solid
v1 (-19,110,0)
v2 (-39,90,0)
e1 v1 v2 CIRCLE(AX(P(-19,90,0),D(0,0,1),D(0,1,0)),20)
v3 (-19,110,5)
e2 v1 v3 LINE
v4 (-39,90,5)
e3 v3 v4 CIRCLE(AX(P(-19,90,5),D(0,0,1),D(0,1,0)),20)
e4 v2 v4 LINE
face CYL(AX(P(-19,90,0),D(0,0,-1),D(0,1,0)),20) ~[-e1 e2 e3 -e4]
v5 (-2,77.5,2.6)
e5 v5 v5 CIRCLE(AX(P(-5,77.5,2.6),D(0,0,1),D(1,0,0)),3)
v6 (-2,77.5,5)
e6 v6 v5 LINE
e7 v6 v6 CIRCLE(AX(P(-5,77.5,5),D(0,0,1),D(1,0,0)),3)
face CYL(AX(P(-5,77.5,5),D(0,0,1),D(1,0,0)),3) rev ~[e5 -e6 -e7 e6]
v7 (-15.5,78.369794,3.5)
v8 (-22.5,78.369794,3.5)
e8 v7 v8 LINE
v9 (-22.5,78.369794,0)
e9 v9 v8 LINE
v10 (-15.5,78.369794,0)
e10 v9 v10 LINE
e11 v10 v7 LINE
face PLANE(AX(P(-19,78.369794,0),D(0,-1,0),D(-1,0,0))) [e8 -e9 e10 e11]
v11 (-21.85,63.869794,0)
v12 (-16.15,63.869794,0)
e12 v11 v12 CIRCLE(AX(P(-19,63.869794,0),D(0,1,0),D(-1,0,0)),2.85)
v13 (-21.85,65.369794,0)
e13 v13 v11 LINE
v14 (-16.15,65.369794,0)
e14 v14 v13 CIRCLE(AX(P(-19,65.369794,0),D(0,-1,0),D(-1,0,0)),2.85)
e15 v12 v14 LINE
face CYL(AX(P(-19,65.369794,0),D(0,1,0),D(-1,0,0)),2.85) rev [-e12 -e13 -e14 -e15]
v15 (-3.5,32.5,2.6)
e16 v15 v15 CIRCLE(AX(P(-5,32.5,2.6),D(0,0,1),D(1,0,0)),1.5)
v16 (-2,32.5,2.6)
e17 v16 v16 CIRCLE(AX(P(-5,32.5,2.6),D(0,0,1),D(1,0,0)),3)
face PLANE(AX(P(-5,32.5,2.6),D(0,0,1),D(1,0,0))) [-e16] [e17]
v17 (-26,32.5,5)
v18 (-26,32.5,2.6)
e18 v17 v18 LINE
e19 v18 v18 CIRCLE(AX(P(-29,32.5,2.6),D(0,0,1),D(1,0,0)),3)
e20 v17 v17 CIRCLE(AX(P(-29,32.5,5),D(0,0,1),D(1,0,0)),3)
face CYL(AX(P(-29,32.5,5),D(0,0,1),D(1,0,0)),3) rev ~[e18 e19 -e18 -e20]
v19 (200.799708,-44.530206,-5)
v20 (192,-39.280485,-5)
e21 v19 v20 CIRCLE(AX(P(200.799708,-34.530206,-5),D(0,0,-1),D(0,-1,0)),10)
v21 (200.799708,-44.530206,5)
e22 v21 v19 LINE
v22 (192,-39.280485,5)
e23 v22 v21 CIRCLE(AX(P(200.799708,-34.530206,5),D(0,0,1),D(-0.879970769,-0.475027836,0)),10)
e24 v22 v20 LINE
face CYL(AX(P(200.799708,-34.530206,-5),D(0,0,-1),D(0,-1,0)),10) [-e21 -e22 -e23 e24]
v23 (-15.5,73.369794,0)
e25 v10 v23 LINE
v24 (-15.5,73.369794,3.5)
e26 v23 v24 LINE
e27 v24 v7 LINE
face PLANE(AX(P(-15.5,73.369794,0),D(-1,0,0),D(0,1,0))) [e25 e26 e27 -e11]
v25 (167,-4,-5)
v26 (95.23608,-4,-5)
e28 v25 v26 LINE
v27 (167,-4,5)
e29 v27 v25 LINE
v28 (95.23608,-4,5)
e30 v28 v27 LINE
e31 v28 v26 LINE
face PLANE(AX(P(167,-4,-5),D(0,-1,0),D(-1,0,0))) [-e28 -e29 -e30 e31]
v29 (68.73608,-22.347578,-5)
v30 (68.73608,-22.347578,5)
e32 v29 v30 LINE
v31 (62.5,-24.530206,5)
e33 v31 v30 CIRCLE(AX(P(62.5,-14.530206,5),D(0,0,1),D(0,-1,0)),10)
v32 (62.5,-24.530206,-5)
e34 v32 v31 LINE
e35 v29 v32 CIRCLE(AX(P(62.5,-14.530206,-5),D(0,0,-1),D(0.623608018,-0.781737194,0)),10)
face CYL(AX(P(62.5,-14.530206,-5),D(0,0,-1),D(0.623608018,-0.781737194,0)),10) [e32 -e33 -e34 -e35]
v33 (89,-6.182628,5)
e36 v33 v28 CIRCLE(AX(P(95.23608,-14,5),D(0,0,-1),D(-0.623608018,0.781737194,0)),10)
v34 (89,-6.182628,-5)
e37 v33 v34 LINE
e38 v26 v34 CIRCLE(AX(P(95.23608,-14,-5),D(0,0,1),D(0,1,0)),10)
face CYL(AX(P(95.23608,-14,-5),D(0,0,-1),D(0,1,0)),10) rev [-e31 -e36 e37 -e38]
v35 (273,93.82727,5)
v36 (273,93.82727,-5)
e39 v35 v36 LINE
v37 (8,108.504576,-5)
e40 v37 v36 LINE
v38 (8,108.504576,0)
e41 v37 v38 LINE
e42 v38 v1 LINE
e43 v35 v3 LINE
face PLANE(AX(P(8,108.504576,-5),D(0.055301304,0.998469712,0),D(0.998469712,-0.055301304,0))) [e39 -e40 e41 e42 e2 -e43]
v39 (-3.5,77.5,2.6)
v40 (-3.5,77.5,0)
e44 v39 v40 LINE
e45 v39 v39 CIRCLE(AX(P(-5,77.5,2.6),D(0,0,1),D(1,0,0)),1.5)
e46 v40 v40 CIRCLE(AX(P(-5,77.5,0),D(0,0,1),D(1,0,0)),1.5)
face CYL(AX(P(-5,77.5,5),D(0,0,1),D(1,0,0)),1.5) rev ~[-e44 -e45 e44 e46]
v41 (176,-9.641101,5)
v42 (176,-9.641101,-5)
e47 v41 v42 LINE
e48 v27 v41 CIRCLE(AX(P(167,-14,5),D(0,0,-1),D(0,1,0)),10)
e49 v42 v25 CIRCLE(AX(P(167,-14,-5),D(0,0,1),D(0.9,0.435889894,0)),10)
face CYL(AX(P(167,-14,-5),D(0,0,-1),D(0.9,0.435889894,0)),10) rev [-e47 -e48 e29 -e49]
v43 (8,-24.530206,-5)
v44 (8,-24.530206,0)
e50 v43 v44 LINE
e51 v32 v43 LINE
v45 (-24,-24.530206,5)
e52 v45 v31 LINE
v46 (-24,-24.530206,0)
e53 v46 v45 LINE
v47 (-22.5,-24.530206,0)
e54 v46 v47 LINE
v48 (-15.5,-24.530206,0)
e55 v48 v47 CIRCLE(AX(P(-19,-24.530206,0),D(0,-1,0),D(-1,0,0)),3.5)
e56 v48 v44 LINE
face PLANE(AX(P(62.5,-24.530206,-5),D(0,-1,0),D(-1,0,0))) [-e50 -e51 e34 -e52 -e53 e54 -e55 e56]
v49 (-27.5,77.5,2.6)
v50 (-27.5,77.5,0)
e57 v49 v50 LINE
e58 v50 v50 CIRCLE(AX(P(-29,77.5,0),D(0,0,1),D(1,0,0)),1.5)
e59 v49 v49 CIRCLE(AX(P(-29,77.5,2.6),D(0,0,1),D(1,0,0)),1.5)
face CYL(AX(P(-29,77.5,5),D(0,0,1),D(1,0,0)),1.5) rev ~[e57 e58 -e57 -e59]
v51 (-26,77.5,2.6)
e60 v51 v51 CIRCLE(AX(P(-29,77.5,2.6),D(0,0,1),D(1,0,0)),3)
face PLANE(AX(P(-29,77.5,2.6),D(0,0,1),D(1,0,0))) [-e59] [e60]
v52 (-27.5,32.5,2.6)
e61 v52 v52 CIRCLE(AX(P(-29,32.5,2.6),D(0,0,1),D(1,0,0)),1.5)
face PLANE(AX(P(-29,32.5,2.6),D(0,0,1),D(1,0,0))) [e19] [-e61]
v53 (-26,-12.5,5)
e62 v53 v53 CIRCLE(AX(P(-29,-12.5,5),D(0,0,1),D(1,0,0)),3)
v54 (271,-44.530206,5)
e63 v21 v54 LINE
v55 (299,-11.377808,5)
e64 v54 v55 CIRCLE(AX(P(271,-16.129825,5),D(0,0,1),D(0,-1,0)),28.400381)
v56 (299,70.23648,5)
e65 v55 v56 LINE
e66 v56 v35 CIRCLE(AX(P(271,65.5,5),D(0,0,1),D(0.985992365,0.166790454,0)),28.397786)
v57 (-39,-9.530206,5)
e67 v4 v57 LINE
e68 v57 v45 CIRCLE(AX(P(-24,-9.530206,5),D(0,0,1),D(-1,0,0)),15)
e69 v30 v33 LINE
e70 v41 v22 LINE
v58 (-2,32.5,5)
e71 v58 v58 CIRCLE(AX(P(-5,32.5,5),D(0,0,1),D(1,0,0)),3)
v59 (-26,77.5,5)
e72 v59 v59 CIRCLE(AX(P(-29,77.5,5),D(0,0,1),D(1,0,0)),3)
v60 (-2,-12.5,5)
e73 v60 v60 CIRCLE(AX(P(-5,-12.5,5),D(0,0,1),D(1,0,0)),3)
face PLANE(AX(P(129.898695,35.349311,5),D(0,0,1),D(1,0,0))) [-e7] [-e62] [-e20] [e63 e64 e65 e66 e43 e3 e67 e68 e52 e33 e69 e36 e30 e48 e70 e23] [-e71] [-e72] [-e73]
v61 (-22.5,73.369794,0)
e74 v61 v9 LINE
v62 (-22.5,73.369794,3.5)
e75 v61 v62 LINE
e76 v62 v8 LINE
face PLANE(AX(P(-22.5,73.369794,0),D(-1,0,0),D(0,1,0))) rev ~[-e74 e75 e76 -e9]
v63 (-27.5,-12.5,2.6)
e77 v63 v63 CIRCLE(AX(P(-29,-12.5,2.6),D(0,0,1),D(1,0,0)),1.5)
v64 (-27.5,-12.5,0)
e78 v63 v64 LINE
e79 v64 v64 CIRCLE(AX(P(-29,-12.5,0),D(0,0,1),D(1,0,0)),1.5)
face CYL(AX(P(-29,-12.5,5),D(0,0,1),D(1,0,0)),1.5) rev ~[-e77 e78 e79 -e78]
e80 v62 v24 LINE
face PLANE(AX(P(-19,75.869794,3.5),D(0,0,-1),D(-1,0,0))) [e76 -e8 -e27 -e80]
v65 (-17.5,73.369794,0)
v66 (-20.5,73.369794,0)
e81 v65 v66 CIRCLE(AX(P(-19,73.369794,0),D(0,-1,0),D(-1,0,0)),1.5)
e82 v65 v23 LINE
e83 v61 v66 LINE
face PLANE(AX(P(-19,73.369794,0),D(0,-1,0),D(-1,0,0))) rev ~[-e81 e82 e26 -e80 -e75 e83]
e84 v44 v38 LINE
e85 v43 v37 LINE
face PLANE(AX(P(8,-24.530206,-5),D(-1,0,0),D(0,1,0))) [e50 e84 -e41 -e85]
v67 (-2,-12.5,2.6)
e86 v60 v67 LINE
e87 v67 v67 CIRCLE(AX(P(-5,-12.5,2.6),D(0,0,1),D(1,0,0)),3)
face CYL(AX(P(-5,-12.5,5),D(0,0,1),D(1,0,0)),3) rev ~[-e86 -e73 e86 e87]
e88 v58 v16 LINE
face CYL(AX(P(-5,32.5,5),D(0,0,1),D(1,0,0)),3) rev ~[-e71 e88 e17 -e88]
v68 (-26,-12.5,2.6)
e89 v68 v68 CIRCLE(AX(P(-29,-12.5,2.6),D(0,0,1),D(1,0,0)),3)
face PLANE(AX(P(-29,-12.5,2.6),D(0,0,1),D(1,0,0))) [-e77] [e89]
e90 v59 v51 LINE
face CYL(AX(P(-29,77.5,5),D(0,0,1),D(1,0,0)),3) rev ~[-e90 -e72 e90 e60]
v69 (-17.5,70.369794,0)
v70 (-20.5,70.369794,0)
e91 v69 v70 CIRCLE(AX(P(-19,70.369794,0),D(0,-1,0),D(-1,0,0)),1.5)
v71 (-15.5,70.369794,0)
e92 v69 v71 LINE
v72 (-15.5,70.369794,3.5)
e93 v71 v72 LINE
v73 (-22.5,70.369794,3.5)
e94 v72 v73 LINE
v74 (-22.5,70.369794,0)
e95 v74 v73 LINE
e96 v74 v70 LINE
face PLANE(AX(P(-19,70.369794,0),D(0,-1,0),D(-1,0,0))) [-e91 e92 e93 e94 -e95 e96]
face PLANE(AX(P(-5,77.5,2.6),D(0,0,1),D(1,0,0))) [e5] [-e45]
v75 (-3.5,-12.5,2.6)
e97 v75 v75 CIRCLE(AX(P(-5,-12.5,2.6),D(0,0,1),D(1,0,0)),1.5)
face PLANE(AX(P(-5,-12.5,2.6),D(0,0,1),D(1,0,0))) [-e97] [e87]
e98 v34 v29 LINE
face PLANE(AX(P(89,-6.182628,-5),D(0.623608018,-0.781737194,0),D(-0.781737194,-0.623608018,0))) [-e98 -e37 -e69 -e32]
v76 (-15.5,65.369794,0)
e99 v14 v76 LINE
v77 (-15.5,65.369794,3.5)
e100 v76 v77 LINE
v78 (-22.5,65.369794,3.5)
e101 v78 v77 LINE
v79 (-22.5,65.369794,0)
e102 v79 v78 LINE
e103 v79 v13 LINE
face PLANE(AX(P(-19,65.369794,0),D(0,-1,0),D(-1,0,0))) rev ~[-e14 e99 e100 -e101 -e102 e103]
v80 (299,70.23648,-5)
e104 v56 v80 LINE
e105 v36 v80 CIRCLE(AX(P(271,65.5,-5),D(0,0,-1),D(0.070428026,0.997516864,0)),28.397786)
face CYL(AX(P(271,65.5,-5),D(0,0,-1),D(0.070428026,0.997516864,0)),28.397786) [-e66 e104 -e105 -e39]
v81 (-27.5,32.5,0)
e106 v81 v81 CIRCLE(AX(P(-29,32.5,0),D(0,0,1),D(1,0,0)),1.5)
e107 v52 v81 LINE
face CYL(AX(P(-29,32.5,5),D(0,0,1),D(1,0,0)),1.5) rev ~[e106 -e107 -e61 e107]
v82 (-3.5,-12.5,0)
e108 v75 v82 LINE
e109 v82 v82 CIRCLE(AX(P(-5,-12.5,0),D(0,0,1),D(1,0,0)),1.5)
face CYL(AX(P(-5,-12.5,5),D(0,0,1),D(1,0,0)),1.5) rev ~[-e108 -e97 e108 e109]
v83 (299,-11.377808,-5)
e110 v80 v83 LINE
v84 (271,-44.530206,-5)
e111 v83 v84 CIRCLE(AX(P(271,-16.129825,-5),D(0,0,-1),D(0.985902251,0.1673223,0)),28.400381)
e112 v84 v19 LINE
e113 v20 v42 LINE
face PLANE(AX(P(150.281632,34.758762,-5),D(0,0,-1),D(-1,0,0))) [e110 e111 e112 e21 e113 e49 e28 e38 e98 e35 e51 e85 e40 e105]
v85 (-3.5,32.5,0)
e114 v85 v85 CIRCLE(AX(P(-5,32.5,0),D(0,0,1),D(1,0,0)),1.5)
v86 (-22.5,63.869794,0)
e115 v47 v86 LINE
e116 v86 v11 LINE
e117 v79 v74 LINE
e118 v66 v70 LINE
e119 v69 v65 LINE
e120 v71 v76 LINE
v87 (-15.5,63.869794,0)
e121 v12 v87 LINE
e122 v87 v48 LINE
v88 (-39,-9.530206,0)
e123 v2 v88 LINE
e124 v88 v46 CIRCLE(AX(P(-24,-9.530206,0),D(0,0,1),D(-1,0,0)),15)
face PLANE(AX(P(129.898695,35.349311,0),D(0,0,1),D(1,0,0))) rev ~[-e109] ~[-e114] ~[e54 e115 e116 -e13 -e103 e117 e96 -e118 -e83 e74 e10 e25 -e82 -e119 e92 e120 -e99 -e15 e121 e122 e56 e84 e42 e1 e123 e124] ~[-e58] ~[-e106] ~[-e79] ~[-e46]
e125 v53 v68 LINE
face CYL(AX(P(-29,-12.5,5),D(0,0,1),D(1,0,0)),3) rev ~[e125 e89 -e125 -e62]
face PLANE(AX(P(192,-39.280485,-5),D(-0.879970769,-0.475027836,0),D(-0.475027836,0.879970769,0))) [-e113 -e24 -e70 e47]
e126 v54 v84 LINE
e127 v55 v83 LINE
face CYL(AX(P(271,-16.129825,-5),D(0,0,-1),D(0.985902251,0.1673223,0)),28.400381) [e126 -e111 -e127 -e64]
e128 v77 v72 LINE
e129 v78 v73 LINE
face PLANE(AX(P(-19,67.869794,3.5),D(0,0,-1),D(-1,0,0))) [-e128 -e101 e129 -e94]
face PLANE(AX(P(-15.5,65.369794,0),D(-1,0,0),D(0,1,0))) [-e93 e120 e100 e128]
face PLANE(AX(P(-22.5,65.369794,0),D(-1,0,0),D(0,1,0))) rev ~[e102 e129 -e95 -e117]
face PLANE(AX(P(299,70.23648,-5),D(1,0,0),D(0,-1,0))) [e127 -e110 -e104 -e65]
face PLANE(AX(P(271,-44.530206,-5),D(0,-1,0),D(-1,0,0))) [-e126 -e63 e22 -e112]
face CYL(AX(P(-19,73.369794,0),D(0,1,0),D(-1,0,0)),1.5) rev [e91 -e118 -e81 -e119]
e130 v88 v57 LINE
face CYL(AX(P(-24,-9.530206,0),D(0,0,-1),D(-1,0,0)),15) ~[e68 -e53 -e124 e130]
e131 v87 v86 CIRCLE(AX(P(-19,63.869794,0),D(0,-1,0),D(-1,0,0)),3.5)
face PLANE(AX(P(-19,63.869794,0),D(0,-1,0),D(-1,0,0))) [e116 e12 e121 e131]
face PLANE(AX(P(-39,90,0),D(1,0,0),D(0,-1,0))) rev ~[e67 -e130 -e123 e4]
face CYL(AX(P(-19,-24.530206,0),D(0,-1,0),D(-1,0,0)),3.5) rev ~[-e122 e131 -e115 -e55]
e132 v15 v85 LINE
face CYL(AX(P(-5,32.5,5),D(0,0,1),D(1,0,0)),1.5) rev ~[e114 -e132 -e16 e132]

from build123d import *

# Parameters (mm, degrees)
DODANIE_WYCI_GNI_CIE1_DEPTH = 5
SZKIC1_R                    = 3.5
WYTNIJ_WYCI_GNI_CIE1_DEPTH  = 88.4
SZKIC3_R                    = 1.5
WYTNIJ_WYCI_GNI_CIE3_DEPTH  = 5
SZKIC5_R                    = 3
WYTNIJ_WYCI_GNI_CIE4_DEPTH  = 2.4
DODANIE_WYCI_GNI_CIE2_START = 5
DODANIE_WYCI_GNI_CIE2_DEPTH = 5
SZKIC7_R                    = 3.5
WYTNIJ_WYCI_GNI_CIE5_DEPTH  = 5
SZKIC8_R                    = 3.5
WYTNIJ_WYCI_GNI_CIE6_DEPTH  = 5
SZKIC9_R                    = 1.5
WYTNIJ_WYCI_GNI_CIE7_DEPTH  = 3
SZKIC10_R                   = 2.85
WYTNIJ_WYCI_GNI_CIE8_DEPTH  = 2
SZKIC11_W                   = 7
SZKIC11_H                   = 5
WYTNIJ_WYCI_GNI_CIE9_DEPTH  = 3.5


with BuildPart() as part:
    # outer-wire → Dodanie-wyciągnięcie1 (new body)
    with BuildSketch(Plane.XY):
        with BuildLine():
            Line((-24, -24.53020641), (62.5, -24.53020641))
            ThreePointArc((62.5, -24.53020641), (65.803504247, -23.968789974), (68.736080178, -22.347578348))
            Line((68.736080178, -22.347578348), (89, -6.182628062))
            ThreePointArc((89, -6.182628062), (91.932575931, -4.561416436), (95.236080178, -4))
            Line((95.236080178, -4), (167, -4))
            ThreePointArc((167, -4), (172.310885546, -5.526836794), (176, -9.641101056))
            Line((176, -9.641101056), (192, -39.280484771))
            ThreePointArc((192, -39.280484771), (195.676368139, -43.118069462), (200.799707694, -44.53020641))
            Line((200.799707694, -44.53020641), (271, -44.53020641))
            ThreePointArc((271, -44.53020641), (292.697243682, -34.454979346), (299, -11.3778078))
            Line((299, -11.3778078), (299, 70.236479581))
            ThreePointArc((299, 70.236479581), (290.082226047, 86.530998263), (273, 93.827270232))
            Line((273, 93.827270232), (-19, 110))
            ThreePointArc((-19, 110), (-33.142135624, 104.142135624), (-39, 90))
            Line((-39, 90), (-39, -9.53020641))
            ThreePointArc((-39, -9.53020641), (-34.606601718, -20.136808128), (-24, -24.53020641))
        make_face()
    extrude(amount=DODANIE_WYCI_GNI_CIE1_DEPTH)

    # Szkic1 → Wytnij-wyciągnięcie1 (cut)
    with BuildSketch(Plane(origin=(0, -24.53020641, 0), x_dir=(-1, 0, 0), z_dir=(0, -1, 0))):
        with Locations((19, 0)):
            Circle(SZKIC1_R)
    extrude(amount=-WYTNIJ_WYCI_GNI_CIE1_DEPTH, mode=Mode.SUBTRACT)

    # Szkic3 → Wytnij-wyciągnięcie3 (cut)
    with BuildSketch(Plane.XY.offset(5)):
        with Locations((-5, 77.5)):
            Circle(SZKIC3_R)
        with Locations((-29, 77.5)):
            Circle(SZKIC3_R)
        with Locations((-29, -12.5)):
            Circle(SZKIC3_R)
        with Locations((-29, 32.5)):
            Circle(SZKIC3_R)
        with Locations((-5, 32.5)):
            Circle(SZKIC3_R)
        with Locations((-5, -12.5)):
            Circle(SZKIC3_R)
    extrude(amount=-WYTNIJ_WYCI_GNI_CIE3_DEPTH, mode=Mode.SUBTRACT)

    # Szkic5 → Wytnij-wyciągnięcie4 (cut)
    with BuildSketch(Plane.XY.offset(5)):
        with Locations((-29, -12.5)):
            Circle(SZKIC5_R)
        with Locations((-29, 32.5)):
            Circle(SZKIC5_R)
        with Locations((-29, 77.5)):
            Circle(SZKIC5_R)
        with Locations((-5, 77.5)):
            Circle(SZKIC5_R)
        with Locations((-5, 32.5)):
            Circle(SZKIC5_R)
        with Locations((-5, -12.5)):
            Circle(SZKIC5_R)
    extrude(amount=-WYTNIJ_WYCI_GNI_CIE4_DEPTH, mode=Mode.SUBTRACT)

    # Szkic6 → Dodanie-wyciągnięcie2 (add)
    with BuildSketch(Plane(origin=(0, 0, 0), x_dir=(-1, 0, 0), z_dir=(0, 0, -1)).offset(DODANIE_WYCI_GNI_CIE2_START)):
        with BuildLine():
            Line((-8, -24.53020641), (-8, 108.504576357))
            Line((-8, 108.504576357), (-273, 93.827270232))
            ThreePointArc((-273, 93.827270232), (-290.082226047, 86.530998263), (-299, 70.236479581))
            Line((-299, 70.236479581), (-299, -11.3778078))
            ThreePointArc((-299, -11.3778078), (-292.697243682, -34.454979346), (-271, -44.53020641))
            Line((-271, -44.53020641), (-200.799707694, -44.53020641))
            ThreePointArc((-200.799707694, -44.53020641), (-195.676368139, -43.118069462), (-192, -39.280484771))
            Line((-192, -39.280484771), (-176, -9.641101056))
            ThreePointArc((-176, -9.641101056), (-172.310885546, -5.526836794), (-167, -4))
            Line((-167, -4), (-95.236080178, -4))
            ThreePointArc((-95.236080178, -4), (-91.932575931, -4.561416436), (-89, -6.182628062))
            Line((-89, -6.182628062), (-68.736080178, -22.347578348))
            ThreePointArc((-68.736080178, -22.347578348), (-65.803504247, -23.968789974), (-62.5, -24.53020641))
            Line((-62.5, -24.53020641), (-8, -24.53020641))
        make_face()
    extrude(amount=-DODANIE_WYCI_GNI_CIE2_DEPTH)

    # Szkic7 → Wytnij-wyciągnięcie5 (cut)
    with BuildSketch(Plane(origin=(0, 65.36979359, 0), x_dir=(-1, 0, 0), z_dir=(0, -1, 0))):
        with Locations((19, 0)):
            Circle(SZKIC7_R)
    extrude(amount=-WYTNIJ_WYCI_GNI_CIE5_DEPTH, mode=Mode.SUBTRACT)

    # Szkic8 → Wytnij-wyciągnięcie6 (cut)
    with BuildSketch(Plane(origin=(0, 73.36979359, 0), x_dir=(-1, 0, 0), z_dir=(0, -1, 0))):
        with Locations((19, 0)):
            Circle(SZKIC8_R)
    extrude(amount=-WYTNIJ_WYCI_GNI_CIE6_DEPTH, mode=Mode.SUBTRACT)

    # Szkic9 → Wytnij-wyciągnięcie7 (cut)
    with BuildSketch(Plane(origin=(0, 73.36979359, 0), x_dir=(-1, 0, 0), z_dir=(0, -1, 0))):
        with Locations((19, 0)):
            Circle(SZKIC9_R)
    extrude(amount=WYTNIJ_WYCI_GNI_CIE7_DEPTH, mode=Mode.SUBTRACT)

    # Szkic10 → Wytnij-wyciągnięcie8 (cut)
    with BuildSketch(Plane(origin=(0, 65.36979359, 0), x_dir=(-1, 0, 0), z_dir=(0, -1, 0))):
        with Locations((19, 0)):
            Circle(SZKIC10_R)
    extrude(amount=WYTNIJ_WYCI_GNI_CIE8_DEPTH, mode=Mode.SUBTRACT)

    # Szkic11 → Wytnij-wyciągnięcie9 (cut)
    with BuildSketch(Plane(origin=(0, 0, 0), x_dir=(-1, 0, 0), z_dir=(0, 0, -1))):
        with Locations((19, 75.86979359)):
            Rectangle(SZKIC11_W, SZKIC11_H)
        with Locations((19, 67.86979359)):
            Rectangle(SZKIC11_W, SZKIC11_H)
    extrude(amount=-WYTNIJ_WYCI_GNI_CIE9_DEPTH, mode=Mode.SUBTRACT)


solid = part.part
